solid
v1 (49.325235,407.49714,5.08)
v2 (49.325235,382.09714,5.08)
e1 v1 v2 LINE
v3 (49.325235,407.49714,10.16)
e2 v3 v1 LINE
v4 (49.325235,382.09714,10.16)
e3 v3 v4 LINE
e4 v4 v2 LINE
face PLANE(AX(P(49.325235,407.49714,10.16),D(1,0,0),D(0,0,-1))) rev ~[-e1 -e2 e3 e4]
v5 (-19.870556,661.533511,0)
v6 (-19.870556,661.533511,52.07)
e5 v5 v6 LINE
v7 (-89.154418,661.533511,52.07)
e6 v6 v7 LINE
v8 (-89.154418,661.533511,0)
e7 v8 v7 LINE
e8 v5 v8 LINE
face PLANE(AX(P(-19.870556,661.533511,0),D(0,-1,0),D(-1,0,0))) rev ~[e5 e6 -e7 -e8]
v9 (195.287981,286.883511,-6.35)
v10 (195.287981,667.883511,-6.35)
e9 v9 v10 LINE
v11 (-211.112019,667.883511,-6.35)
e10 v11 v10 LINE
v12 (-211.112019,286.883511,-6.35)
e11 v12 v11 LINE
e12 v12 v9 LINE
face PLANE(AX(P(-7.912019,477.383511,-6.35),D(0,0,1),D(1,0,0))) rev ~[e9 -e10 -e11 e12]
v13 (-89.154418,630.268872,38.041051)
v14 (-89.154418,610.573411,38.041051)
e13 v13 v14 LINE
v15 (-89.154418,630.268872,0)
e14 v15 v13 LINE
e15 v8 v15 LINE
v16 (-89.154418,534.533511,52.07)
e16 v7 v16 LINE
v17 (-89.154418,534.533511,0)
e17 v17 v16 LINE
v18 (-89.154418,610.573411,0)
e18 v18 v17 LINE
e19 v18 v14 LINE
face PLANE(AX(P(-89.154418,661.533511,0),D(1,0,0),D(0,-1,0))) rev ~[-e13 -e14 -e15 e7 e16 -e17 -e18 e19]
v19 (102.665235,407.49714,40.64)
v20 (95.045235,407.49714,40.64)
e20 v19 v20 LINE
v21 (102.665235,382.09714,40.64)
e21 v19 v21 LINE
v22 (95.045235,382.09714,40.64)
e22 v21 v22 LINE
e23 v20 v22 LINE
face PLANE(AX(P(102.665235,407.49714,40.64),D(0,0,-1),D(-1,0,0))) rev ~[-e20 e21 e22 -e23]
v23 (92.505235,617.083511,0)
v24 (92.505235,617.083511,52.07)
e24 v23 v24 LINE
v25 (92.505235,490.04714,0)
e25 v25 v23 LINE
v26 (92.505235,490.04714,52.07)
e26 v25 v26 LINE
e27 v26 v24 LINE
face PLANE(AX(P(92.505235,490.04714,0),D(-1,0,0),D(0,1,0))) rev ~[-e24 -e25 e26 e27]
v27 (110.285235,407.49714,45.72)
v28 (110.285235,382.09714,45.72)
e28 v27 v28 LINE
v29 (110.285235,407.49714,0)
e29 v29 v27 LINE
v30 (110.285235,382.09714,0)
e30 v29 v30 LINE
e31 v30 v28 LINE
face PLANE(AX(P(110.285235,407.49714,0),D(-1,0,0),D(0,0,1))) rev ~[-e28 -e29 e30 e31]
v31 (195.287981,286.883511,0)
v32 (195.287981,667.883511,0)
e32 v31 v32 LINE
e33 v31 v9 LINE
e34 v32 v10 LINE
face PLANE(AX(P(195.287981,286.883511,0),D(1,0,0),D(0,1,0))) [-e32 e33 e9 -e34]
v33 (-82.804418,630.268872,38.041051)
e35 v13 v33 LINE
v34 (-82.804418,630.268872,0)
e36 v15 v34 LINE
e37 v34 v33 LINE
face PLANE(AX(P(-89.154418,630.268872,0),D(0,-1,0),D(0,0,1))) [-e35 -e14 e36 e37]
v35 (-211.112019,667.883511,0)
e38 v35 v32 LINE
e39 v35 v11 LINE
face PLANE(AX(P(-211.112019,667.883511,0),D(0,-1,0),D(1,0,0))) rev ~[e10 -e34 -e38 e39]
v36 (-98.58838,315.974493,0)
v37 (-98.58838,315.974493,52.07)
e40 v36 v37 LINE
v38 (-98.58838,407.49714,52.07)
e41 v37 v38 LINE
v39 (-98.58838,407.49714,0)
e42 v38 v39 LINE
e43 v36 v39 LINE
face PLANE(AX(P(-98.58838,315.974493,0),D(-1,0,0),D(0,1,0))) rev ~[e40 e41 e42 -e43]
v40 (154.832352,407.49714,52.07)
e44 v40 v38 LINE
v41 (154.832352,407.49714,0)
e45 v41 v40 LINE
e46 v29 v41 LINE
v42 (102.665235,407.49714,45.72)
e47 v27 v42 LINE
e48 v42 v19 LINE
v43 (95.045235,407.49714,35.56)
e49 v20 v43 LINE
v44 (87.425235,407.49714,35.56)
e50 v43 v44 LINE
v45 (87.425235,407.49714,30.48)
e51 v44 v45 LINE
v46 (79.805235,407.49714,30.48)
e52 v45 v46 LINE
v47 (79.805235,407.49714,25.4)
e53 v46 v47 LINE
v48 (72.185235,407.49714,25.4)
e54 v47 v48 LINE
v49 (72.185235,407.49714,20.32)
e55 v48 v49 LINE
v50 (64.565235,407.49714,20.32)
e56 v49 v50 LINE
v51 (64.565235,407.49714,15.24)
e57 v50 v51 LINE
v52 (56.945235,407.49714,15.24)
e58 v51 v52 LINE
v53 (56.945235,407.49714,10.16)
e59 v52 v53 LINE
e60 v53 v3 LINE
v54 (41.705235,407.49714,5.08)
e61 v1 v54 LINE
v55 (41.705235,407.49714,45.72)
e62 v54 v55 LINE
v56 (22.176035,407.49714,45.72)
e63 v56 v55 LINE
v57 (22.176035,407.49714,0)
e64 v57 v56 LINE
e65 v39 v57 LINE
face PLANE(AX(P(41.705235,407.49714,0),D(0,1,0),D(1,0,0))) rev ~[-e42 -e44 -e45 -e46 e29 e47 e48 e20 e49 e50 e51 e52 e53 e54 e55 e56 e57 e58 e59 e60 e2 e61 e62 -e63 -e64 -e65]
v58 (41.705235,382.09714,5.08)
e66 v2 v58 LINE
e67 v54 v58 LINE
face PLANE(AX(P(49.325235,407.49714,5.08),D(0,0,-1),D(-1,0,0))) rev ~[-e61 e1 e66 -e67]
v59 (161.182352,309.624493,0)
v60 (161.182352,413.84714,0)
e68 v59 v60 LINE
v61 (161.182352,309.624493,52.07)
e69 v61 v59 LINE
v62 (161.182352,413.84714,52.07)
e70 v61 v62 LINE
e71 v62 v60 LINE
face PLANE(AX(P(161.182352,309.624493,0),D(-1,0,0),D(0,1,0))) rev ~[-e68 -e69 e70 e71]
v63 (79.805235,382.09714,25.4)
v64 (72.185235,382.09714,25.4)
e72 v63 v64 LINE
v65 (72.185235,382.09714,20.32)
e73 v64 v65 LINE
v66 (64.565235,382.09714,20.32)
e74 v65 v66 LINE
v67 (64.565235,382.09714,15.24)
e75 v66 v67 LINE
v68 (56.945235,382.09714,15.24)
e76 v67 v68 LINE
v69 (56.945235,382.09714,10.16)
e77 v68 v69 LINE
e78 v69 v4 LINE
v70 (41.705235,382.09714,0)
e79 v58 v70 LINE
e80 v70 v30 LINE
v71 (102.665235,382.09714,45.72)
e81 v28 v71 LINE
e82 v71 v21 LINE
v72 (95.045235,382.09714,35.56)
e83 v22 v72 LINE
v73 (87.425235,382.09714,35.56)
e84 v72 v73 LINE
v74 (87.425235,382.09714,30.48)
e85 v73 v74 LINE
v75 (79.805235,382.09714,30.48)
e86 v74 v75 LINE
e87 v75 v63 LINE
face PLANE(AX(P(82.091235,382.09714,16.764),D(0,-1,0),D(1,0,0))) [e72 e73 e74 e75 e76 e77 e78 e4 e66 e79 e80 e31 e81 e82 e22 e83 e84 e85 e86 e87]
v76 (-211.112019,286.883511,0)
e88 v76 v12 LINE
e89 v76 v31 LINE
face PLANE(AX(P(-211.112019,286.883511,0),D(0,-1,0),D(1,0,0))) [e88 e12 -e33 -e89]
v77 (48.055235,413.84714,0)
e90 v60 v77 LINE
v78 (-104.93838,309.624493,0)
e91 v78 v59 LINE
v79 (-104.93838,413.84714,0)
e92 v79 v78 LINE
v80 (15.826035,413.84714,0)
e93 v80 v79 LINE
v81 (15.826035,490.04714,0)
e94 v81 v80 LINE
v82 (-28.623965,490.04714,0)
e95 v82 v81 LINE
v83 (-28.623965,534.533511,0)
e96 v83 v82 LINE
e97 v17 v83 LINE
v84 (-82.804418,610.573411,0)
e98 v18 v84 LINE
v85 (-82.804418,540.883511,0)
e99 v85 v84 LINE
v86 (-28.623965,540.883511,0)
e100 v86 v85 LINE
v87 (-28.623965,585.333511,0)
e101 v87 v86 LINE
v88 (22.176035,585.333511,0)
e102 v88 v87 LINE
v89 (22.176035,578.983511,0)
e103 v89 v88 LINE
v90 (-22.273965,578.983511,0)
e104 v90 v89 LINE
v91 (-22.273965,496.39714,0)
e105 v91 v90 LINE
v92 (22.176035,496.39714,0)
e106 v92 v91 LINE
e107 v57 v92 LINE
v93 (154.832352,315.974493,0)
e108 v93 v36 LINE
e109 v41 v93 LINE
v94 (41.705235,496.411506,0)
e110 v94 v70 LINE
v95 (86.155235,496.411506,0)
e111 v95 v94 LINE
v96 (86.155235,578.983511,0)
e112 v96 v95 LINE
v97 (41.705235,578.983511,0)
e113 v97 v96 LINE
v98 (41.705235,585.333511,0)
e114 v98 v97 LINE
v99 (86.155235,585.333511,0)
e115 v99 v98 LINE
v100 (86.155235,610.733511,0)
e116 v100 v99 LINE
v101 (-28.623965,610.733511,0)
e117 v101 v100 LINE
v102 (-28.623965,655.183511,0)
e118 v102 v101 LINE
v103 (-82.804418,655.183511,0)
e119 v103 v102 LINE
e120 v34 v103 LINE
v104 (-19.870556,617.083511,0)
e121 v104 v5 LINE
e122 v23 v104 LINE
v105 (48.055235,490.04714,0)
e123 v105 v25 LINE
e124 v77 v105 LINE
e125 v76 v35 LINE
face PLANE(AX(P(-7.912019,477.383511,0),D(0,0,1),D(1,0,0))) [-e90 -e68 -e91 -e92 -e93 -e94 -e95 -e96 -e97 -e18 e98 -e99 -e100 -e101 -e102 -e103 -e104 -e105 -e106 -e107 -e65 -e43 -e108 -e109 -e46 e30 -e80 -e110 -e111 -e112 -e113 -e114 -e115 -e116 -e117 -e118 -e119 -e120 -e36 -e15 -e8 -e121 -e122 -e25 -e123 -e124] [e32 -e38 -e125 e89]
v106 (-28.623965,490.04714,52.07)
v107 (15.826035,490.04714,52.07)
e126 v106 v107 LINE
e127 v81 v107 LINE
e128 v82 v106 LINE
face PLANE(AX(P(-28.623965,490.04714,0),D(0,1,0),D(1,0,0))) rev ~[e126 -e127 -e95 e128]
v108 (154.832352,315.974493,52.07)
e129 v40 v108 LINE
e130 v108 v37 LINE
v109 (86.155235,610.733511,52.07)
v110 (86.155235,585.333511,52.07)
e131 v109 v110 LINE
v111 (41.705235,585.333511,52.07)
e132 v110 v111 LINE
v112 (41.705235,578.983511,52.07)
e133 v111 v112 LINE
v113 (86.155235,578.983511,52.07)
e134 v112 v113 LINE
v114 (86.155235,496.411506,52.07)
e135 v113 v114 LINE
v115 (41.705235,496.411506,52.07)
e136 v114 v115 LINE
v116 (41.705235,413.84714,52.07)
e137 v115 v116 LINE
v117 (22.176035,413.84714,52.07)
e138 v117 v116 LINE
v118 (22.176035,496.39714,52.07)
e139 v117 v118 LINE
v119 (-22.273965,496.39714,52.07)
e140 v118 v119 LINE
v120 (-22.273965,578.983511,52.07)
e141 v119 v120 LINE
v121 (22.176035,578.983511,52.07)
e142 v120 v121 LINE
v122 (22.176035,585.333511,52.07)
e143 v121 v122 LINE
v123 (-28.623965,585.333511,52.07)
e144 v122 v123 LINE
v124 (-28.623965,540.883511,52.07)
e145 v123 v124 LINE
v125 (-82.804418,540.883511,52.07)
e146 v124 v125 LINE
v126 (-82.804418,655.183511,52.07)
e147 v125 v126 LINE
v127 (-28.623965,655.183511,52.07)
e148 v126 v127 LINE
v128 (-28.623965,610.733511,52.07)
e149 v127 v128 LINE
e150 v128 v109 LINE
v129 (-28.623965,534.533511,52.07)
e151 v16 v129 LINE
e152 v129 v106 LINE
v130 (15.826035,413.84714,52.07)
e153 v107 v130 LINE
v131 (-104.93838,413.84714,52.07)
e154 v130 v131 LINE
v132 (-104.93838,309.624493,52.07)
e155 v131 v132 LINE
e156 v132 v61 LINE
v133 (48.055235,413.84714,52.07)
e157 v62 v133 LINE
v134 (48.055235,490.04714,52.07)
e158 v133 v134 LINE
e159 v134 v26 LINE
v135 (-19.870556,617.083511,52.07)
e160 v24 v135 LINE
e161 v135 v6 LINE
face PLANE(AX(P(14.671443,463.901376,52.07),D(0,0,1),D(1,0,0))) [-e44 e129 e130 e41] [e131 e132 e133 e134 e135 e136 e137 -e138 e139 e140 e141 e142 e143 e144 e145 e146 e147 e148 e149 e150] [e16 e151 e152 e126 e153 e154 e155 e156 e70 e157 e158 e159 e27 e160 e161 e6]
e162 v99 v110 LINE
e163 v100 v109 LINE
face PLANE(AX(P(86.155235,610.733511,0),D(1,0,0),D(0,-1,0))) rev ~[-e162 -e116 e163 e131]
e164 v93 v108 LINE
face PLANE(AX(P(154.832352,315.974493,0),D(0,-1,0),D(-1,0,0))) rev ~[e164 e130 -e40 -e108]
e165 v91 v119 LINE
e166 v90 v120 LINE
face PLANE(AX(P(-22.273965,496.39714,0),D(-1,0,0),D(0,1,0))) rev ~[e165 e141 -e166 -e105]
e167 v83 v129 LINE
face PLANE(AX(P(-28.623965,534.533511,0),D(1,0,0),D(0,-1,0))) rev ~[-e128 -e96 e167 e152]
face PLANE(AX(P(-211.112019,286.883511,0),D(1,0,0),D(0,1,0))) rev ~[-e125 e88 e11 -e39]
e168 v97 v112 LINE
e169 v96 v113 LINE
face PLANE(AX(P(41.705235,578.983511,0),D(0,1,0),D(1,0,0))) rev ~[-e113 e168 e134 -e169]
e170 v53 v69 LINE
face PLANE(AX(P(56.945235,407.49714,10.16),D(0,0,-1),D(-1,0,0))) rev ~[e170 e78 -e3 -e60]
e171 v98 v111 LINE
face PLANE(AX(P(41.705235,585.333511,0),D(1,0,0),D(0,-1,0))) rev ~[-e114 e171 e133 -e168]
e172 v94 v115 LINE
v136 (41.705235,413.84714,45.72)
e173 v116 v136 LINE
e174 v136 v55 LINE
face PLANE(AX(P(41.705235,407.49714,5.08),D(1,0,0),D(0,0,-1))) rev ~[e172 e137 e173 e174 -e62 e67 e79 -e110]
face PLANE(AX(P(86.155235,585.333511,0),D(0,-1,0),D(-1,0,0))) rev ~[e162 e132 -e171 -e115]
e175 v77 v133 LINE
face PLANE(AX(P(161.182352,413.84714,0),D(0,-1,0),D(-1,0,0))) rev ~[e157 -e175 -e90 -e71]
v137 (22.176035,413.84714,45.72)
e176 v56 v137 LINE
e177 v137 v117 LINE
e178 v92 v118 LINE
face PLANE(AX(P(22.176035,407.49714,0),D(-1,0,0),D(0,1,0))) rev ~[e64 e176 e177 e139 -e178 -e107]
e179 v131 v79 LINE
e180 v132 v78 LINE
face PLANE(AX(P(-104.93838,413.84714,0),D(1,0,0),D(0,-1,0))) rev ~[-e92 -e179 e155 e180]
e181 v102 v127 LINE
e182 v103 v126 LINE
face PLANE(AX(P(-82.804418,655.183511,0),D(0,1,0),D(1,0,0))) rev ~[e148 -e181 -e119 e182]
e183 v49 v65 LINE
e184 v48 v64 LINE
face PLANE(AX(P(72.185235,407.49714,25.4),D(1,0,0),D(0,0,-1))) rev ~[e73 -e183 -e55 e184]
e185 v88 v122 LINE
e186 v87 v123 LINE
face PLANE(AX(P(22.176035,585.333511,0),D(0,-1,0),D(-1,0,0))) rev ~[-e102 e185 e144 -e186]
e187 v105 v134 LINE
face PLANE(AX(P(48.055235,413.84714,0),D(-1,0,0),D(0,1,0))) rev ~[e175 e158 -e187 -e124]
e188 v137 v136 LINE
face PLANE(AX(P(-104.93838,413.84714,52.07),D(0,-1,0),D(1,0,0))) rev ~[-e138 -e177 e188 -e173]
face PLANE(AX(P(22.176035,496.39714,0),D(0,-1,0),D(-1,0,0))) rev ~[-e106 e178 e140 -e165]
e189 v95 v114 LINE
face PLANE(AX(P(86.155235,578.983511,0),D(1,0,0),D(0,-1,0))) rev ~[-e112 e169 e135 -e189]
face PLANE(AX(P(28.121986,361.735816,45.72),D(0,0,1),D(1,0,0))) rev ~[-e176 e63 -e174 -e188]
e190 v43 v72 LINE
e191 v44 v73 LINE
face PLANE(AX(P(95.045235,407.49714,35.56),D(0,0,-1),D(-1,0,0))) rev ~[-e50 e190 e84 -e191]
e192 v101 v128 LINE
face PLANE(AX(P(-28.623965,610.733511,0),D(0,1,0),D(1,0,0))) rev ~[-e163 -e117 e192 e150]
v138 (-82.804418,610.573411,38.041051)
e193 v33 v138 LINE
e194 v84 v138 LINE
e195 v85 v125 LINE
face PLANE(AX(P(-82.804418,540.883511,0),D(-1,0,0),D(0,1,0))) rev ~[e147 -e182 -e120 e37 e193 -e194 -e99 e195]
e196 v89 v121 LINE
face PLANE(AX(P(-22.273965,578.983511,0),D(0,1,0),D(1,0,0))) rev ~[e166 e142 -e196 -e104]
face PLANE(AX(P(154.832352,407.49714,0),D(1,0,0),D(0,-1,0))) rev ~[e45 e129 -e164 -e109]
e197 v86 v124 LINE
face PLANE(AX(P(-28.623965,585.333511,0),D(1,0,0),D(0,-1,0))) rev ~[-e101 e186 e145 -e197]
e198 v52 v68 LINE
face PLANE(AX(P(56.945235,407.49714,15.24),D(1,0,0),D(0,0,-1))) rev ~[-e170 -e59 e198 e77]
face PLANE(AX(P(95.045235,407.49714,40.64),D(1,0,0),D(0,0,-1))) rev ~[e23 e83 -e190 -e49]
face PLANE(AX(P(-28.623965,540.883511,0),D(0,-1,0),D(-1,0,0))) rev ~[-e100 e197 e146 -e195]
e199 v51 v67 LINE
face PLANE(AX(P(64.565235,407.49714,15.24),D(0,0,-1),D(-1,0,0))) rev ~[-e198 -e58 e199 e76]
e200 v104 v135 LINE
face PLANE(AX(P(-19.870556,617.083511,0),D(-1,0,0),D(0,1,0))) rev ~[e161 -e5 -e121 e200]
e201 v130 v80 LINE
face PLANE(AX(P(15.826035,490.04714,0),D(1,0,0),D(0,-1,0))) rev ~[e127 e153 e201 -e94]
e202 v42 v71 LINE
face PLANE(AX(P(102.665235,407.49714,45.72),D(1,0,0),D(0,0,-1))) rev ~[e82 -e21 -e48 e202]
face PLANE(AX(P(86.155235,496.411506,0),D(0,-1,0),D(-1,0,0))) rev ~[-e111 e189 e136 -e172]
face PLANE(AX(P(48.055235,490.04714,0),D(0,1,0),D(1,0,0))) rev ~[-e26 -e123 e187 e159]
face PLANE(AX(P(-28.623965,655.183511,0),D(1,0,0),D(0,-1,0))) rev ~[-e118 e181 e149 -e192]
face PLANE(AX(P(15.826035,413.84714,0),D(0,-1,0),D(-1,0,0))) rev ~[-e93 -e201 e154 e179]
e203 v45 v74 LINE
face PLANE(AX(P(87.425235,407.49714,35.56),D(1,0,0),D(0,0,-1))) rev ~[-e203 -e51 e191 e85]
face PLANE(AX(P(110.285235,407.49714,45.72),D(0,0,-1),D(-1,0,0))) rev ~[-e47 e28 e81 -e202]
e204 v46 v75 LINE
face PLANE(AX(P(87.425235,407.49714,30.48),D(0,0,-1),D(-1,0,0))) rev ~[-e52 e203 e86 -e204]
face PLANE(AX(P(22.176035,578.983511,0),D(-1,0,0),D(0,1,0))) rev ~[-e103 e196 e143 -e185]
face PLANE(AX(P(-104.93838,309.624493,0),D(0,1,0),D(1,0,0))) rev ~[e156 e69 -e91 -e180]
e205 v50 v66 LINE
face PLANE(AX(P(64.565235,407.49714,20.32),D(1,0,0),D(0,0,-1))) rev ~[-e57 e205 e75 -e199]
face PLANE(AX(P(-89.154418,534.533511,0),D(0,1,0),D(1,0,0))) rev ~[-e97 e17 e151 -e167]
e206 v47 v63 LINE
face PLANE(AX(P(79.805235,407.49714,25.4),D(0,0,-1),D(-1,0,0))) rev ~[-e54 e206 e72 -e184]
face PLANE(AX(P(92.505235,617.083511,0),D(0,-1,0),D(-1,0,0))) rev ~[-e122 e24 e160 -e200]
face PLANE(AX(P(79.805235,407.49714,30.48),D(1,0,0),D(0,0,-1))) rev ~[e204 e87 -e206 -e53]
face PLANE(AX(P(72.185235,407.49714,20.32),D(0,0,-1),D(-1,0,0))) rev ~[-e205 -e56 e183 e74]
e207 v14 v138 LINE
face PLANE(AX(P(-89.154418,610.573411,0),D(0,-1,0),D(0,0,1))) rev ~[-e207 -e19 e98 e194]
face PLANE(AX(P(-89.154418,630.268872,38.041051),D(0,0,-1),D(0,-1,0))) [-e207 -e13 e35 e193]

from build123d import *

# Parameters (mm, degrees)
F0_W     = 406.4
F0_H     = 381
F1_DEPTH = 6.35
F3_DEPTH = 52.07
F4_W     = 19.6954607964
F4_H     = 38.0410514772
F5_DEPTH = 25.4
F7_DEPTH = 25.4
F8_W     = 266.1207329154
F8_H     = 104.222646597
F8_W_2   = 253.4207329154
F8_H_2   = 91.522646597
F9_DEPTH = 6.35


with BuildPart() as f1:
    # F0 (on Top) → F1 (new body)
    with BuildSketch(Plane.XY):
        with Locations((-7.9120187303, 477.383510977)):
            Rectangle(F0_W, F0_H)
    extrude(amount=-F1_DEPTH)

    # F2 (on face) → F3 (join)
    with BuildSketch(Plane.XY):
        Polygon((-89.1544180155, 661.533510977), (-89.1544180155, 534.533510977), (-28.623964709, 534.533510977), (-28.623964709, 490.0471397191), (15.826035291, 490.0471397191), (15.826035291, 413.8471397191), (-104.9383804202, 413.8471397191), (-104.9383804202, 309.6244931221), (161.1823524952, 309.6244931221), (161.1823524952, 413.8471397191), (48.055235368, 413.8471397191), (48.055235368, 490.0471397191), (92.505235368, 490.0471397191), (92.505235368, 585.333510977), (92.505235368, 610.733510977), (92.505235368, 617.083510977), (-19.8705563486, 617.083510977), (-19.8705563486, 661.533510977), align=None)
        Polygon((22.176035291, 585.333510977), (-28.623964709, 585.333510977), (-28.623964709, 540.883510977), (-82.8044180155, 540.883510977), (-82.8044180155, 655.183510977), (-28.623964709, 655.183510977), (-28.623964709, 610.733510977), (86.155235368, 610.733510977), (86.155235368, 585.333510977), (41.705235368, 585.333510977), (41.705235368, 578.983510977), (86.155235368, 578.983510977), (86.155235368, 496.4115063727), (41.705235368, 496.4115063727), (41.705235368, 490.0471397191), (41.705235368, 407.4971397191), (154.8323524952, 407.4971397191), (154.8323524952, 315.9744931221), (-98.5883804202, 315.9744931221), (-98.5883804202, 407.4971397191), (22.176035291, 407.4971397191), (22.176035291, 490.0471397191), (22.176035291, 496.3971397191), (-22.273964709, 496.3971397191), (-22.273964709, 578.983510977), (22.176035291, 578.983510977), align=None, mode=Mode.SUBTRACT)
    extrude(amount=F3_DEPTH)

    # F4 (on face) → F5 (cut)
    with BuildSketch(Plane(origin=(-89.1544180155, 0, 0), x_dir=(0, -1, 0), z_dir=(-1, 0, 0))):
        with Locations((-620.421141386, 19.0205257386)):
            Rectangle(F4_W, F4_H)
    extrude(amount=-F5_DEPTH, mode=Mode.SUBTRACT)

    # F6 (on face) → F7 (join)
    with BuildSketch(Plane.XZ.offset(-407.4971397191)):
        Polygon((41.705235368, 5.08), (41.705235368, 0), (110.285235368, 0), (110.285235368, 45.72), (102.665235368, 45.72), (102.665235368, 40.64), (95.045235368, 40.64), (95.045235368, 35.56), (87.425235368, 35.56), (87.425235368, 30.48), (79.805235368, 30.48), (79.805235368, 25.4), (72.185235368, 25.4), (72.185235368, 20.32), (64.565235368, 20.32), (64.565235368, 15.24), (56.945235368, 15.24), (56.945235368, 10.16), (49.325235368, 10.16), (49.325235368, 5.08), align=None)
    extrude(amount=F7_DEPTH)

    # F8 (on face) → F9 (join)
    with BuildSketch(Plane.XY.offset(52.07)):
        with Locations((28.1219860375, 361.7358164206)):
            Rectangle(F8_W, F8_H)
        with Locations((28.1219860375, 361.7358164206)):
            Rectangle(F8_W_2, F8_H_2, mode=Mode.SUBTRACT)
    extrude(amount=-F9_DEPTH)


solid = f1.part
